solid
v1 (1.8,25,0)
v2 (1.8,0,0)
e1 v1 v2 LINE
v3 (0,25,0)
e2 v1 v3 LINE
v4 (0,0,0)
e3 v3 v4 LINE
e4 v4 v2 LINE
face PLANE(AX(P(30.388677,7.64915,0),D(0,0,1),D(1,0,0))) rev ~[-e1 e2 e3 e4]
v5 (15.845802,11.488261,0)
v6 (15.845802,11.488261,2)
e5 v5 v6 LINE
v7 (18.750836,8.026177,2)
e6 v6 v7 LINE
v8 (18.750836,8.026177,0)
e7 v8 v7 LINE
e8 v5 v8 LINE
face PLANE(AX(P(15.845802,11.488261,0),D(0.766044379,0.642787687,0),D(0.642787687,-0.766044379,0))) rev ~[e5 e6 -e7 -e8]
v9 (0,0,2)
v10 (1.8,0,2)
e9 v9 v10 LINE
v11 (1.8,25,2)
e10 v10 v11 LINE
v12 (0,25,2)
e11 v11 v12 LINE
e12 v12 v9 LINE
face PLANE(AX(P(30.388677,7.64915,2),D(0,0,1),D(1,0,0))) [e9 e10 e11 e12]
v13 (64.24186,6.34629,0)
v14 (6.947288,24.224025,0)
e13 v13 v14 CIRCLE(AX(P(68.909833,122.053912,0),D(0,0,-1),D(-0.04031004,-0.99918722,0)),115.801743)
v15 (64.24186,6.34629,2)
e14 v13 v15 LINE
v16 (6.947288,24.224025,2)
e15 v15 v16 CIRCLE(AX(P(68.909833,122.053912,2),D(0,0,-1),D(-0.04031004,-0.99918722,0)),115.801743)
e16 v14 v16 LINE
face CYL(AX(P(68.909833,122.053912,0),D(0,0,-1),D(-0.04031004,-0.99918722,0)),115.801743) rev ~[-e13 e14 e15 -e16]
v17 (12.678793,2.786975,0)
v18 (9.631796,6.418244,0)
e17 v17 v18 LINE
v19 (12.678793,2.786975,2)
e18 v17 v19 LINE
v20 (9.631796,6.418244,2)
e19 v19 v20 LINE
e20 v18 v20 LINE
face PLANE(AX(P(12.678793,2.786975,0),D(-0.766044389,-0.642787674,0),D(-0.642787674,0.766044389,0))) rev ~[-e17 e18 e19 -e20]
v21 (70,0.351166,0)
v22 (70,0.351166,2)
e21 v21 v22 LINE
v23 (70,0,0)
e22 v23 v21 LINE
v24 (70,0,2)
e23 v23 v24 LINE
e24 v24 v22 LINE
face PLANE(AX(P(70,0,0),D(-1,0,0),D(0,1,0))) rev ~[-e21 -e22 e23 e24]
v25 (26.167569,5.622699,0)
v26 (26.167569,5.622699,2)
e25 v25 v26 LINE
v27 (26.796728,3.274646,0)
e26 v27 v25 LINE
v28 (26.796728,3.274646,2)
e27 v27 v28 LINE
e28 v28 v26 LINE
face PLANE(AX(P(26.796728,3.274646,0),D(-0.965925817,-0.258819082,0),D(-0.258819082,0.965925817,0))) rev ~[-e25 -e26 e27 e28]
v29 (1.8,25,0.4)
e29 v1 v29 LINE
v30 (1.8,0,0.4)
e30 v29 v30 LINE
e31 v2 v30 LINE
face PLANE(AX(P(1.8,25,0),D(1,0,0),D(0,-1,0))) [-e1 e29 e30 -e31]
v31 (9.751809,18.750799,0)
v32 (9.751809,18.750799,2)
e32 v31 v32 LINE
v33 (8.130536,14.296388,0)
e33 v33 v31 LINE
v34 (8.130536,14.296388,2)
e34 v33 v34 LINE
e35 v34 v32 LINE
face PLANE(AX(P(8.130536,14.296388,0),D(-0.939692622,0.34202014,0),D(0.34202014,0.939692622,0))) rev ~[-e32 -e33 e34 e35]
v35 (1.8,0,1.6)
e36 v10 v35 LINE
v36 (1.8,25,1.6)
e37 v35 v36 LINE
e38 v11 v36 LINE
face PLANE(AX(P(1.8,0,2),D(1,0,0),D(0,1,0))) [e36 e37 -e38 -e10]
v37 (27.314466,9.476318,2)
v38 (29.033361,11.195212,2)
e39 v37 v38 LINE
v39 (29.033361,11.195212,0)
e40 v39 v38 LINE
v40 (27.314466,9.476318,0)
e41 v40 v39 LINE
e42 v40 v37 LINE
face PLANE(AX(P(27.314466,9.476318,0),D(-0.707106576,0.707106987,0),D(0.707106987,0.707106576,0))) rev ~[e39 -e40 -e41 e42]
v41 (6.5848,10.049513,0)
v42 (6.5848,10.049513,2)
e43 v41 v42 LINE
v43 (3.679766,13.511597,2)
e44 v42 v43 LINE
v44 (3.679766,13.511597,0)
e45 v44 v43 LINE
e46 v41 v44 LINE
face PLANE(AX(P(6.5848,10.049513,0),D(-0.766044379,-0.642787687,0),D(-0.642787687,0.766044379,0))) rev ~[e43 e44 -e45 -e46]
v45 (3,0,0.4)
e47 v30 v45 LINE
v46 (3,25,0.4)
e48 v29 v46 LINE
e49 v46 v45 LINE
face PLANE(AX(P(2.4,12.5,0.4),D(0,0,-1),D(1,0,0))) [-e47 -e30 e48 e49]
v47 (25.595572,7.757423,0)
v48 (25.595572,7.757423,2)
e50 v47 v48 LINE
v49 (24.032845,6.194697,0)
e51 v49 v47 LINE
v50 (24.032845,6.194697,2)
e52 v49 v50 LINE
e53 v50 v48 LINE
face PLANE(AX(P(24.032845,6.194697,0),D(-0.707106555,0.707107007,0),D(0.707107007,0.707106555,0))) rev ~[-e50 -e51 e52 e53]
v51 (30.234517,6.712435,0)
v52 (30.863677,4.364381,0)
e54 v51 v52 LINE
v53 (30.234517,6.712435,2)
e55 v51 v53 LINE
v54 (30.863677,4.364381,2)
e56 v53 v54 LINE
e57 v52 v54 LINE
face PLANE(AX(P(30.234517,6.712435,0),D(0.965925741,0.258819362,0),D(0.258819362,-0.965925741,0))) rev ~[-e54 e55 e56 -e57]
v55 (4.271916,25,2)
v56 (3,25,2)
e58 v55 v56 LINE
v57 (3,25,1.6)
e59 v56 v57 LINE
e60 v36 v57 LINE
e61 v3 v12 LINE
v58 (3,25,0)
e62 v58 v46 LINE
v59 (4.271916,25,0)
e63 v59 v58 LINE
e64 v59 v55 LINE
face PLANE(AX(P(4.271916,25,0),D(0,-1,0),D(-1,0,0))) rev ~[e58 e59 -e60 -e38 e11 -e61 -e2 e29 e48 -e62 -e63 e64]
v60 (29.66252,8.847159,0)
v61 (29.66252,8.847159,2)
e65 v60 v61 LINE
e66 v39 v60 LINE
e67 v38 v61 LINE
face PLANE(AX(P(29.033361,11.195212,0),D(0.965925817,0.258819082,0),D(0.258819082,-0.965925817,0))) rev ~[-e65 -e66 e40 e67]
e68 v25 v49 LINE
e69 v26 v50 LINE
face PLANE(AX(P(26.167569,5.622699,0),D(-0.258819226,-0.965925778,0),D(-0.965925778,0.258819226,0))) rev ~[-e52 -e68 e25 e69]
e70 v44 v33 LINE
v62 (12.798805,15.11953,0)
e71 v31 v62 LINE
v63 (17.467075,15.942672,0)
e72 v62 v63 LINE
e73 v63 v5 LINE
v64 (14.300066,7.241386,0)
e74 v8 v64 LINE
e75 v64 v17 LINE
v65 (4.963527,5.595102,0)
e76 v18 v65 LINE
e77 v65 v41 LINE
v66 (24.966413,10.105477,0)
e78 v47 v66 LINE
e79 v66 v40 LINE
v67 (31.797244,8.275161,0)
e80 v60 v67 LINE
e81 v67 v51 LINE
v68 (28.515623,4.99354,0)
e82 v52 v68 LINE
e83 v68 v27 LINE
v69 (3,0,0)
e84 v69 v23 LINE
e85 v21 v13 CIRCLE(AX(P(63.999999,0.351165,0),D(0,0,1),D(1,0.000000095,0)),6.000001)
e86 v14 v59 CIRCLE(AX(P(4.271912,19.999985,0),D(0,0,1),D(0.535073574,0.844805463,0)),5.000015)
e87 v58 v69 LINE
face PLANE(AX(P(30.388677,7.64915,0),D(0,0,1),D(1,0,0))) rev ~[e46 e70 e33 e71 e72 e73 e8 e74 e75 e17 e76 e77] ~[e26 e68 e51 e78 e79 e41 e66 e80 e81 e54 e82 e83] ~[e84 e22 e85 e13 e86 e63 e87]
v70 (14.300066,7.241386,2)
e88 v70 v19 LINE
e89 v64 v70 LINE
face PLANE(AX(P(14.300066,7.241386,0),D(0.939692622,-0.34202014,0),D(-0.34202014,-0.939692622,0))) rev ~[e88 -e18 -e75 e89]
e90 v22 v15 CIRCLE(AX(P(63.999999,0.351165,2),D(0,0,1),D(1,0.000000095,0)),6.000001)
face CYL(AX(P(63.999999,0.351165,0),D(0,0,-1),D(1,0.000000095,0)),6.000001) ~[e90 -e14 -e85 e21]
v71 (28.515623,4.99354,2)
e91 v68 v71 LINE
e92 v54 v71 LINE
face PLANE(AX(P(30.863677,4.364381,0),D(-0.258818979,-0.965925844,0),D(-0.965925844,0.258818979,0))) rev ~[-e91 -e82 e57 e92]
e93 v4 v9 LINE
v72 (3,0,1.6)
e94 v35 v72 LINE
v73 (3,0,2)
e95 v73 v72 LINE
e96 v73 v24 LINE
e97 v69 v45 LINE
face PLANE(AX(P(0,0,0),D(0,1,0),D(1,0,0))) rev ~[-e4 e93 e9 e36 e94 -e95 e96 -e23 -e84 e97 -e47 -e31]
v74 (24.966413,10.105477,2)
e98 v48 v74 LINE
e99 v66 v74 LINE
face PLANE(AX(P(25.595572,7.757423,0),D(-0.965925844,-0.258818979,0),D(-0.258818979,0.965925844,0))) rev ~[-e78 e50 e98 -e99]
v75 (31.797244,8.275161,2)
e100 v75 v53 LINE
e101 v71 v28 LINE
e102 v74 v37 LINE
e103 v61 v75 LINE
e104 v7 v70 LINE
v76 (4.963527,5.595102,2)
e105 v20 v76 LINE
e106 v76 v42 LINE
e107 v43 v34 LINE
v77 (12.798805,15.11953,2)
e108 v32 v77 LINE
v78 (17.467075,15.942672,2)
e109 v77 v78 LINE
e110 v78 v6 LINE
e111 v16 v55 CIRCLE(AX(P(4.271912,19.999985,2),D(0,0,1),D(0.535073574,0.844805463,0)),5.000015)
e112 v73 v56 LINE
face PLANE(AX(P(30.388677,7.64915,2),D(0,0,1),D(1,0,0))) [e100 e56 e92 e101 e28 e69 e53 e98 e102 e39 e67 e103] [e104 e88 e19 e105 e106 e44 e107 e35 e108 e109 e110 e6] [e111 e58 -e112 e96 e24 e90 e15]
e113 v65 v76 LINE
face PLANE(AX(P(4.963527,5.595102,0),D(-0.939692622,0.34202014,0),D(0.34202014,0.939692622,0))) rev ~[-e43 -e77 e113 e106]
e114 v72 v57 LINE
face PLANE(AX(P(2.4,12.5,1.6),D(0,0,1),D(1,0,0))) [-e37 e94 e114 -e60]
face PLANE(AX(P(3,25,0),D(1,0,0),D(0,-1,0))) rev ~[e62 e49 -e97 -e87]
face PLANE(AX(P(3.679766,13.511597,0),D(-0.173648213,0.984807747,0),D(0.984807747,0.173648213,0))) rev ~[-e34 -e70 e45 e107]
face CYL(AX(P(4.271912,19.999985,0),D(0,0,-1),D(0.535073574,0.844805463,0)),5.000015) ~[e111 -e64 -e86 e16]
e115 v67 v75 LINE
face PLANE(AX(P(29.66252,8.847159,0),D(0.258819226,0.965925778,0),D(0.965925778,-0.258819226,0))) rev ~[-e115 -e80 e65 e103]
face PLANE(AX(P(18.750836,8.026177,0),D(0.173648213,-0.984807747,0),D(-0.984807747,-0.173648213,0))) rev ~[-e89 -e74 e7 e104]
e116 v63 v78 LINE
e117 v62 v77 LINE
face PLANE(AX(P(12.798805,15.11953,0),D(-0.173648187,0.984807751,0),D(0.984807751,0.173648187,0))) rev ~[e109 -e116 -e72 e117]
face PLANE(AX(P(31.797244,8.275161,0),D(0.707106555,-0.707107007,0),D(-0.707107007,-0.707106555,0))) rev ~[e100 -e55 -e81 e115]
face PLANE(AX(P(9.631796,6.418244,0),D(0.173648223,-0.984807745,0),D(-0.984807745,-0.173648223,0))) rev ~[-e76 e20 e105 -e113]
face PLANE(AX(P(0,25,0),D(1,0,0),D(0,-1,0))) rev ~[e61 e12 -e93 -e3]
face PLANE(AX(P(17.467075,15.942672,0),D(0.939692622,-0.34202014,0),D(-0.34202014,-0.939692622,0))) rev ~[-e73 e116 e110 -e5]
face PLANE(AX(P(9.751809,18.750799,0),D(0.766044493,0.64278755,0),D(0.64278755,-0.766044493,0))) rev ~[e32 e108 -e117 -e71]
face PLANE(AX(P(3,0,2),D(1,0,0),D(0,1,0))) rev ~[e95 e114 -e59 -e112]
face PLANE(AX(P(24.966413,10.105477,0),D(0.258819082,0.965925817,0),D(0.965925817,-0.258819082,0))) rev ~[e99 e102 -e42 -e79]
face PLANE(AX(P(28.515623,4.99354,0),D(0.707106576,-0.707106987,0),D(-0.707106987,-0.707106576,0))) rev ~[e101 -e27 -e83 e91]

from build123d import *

# Parameters (mm, degrees)
F1_DEPTH = 2
F2_W     = 1.2
F2_H     = 25
F3_DEPTH = 0.4
F4_W     = 1.2
F4_H     = 25
F5_DEPTH = 0.4


with BuildPart() as f1:
    # F0 (on Top) → F1 (new body)
    with BuildSketch(Plane.XY):
        with BuildLine():
            Line((0, 25), (0, 0))
            Line((0, 0), (70, 0))
            Line((70, 0), (70, 0.351166))
            ThreePointArc((70, 0.351166), (68.327306, 4.507417), (64.24186, 6.34629))
            ThreePointArc((64.24186, 6.34629), (34.416213, 11.508745), (6.947288, 24.224025))
            ThreePointArc((6.947288, 24.224025), (5.664732, 24.802089), (4.271916, 25))
            Line((4.271916, 25), (0, 25))
        make_face()
        Polygon((12.798805, 15.11953), (17.467075, 15.942672), (15.845802, 11.488261), (18.750836, 8.026177), (14.300066, 7.241386), (12.678793, 2.786975), (9.631796, 6.418244), (4.963527, 5.595102), (6.5848, 10.049513), (3.679766, 13.511597), (8.130536, 14.296388), (9.751809, 18.750799), align=None, mode=Mode.SUBTRACT)
        Polygon((27.314466, 9.476318), (29.033361, 11.195212), (29.66252, 8.847159), (31.797244, 8.275161), (30.234517, 6.712435), (30.863677, 4.364381), (28.515623, 4.99354), (26.796728, 3.274646), (26.167569, 5.622699), (24.032845, 6.194697), (25.595572, 7.757423), (24.966413, 10.105477), align=None, mode=Mode.SUBTRACT)
    extrude(amount=F1_DEPTH)

    # F2 (on face) → F3 (cut)
    with BuildSketch(Plane.XY.offset(2)):
        with Locations((2.4, 12.5)):
            Rectangle(F2_W, F2_H)
    extrude(amount=-F3_DEPTH, mode=Mode.SUBTRACT)

    # F4 (on face) → F5 (cut)
    with BuildSketch(Plane(origin=(0, 0, 0), x_dir=(1, 0, 0), z_dir=(0, 0, -1))):
        with Locations((2.4, -12.5)):
            Rectangle(F4_W, F4_H)
    extrude(amount=-F5_DEPTH, mode=Mode.SUBTRACT)


solid = f1.part
